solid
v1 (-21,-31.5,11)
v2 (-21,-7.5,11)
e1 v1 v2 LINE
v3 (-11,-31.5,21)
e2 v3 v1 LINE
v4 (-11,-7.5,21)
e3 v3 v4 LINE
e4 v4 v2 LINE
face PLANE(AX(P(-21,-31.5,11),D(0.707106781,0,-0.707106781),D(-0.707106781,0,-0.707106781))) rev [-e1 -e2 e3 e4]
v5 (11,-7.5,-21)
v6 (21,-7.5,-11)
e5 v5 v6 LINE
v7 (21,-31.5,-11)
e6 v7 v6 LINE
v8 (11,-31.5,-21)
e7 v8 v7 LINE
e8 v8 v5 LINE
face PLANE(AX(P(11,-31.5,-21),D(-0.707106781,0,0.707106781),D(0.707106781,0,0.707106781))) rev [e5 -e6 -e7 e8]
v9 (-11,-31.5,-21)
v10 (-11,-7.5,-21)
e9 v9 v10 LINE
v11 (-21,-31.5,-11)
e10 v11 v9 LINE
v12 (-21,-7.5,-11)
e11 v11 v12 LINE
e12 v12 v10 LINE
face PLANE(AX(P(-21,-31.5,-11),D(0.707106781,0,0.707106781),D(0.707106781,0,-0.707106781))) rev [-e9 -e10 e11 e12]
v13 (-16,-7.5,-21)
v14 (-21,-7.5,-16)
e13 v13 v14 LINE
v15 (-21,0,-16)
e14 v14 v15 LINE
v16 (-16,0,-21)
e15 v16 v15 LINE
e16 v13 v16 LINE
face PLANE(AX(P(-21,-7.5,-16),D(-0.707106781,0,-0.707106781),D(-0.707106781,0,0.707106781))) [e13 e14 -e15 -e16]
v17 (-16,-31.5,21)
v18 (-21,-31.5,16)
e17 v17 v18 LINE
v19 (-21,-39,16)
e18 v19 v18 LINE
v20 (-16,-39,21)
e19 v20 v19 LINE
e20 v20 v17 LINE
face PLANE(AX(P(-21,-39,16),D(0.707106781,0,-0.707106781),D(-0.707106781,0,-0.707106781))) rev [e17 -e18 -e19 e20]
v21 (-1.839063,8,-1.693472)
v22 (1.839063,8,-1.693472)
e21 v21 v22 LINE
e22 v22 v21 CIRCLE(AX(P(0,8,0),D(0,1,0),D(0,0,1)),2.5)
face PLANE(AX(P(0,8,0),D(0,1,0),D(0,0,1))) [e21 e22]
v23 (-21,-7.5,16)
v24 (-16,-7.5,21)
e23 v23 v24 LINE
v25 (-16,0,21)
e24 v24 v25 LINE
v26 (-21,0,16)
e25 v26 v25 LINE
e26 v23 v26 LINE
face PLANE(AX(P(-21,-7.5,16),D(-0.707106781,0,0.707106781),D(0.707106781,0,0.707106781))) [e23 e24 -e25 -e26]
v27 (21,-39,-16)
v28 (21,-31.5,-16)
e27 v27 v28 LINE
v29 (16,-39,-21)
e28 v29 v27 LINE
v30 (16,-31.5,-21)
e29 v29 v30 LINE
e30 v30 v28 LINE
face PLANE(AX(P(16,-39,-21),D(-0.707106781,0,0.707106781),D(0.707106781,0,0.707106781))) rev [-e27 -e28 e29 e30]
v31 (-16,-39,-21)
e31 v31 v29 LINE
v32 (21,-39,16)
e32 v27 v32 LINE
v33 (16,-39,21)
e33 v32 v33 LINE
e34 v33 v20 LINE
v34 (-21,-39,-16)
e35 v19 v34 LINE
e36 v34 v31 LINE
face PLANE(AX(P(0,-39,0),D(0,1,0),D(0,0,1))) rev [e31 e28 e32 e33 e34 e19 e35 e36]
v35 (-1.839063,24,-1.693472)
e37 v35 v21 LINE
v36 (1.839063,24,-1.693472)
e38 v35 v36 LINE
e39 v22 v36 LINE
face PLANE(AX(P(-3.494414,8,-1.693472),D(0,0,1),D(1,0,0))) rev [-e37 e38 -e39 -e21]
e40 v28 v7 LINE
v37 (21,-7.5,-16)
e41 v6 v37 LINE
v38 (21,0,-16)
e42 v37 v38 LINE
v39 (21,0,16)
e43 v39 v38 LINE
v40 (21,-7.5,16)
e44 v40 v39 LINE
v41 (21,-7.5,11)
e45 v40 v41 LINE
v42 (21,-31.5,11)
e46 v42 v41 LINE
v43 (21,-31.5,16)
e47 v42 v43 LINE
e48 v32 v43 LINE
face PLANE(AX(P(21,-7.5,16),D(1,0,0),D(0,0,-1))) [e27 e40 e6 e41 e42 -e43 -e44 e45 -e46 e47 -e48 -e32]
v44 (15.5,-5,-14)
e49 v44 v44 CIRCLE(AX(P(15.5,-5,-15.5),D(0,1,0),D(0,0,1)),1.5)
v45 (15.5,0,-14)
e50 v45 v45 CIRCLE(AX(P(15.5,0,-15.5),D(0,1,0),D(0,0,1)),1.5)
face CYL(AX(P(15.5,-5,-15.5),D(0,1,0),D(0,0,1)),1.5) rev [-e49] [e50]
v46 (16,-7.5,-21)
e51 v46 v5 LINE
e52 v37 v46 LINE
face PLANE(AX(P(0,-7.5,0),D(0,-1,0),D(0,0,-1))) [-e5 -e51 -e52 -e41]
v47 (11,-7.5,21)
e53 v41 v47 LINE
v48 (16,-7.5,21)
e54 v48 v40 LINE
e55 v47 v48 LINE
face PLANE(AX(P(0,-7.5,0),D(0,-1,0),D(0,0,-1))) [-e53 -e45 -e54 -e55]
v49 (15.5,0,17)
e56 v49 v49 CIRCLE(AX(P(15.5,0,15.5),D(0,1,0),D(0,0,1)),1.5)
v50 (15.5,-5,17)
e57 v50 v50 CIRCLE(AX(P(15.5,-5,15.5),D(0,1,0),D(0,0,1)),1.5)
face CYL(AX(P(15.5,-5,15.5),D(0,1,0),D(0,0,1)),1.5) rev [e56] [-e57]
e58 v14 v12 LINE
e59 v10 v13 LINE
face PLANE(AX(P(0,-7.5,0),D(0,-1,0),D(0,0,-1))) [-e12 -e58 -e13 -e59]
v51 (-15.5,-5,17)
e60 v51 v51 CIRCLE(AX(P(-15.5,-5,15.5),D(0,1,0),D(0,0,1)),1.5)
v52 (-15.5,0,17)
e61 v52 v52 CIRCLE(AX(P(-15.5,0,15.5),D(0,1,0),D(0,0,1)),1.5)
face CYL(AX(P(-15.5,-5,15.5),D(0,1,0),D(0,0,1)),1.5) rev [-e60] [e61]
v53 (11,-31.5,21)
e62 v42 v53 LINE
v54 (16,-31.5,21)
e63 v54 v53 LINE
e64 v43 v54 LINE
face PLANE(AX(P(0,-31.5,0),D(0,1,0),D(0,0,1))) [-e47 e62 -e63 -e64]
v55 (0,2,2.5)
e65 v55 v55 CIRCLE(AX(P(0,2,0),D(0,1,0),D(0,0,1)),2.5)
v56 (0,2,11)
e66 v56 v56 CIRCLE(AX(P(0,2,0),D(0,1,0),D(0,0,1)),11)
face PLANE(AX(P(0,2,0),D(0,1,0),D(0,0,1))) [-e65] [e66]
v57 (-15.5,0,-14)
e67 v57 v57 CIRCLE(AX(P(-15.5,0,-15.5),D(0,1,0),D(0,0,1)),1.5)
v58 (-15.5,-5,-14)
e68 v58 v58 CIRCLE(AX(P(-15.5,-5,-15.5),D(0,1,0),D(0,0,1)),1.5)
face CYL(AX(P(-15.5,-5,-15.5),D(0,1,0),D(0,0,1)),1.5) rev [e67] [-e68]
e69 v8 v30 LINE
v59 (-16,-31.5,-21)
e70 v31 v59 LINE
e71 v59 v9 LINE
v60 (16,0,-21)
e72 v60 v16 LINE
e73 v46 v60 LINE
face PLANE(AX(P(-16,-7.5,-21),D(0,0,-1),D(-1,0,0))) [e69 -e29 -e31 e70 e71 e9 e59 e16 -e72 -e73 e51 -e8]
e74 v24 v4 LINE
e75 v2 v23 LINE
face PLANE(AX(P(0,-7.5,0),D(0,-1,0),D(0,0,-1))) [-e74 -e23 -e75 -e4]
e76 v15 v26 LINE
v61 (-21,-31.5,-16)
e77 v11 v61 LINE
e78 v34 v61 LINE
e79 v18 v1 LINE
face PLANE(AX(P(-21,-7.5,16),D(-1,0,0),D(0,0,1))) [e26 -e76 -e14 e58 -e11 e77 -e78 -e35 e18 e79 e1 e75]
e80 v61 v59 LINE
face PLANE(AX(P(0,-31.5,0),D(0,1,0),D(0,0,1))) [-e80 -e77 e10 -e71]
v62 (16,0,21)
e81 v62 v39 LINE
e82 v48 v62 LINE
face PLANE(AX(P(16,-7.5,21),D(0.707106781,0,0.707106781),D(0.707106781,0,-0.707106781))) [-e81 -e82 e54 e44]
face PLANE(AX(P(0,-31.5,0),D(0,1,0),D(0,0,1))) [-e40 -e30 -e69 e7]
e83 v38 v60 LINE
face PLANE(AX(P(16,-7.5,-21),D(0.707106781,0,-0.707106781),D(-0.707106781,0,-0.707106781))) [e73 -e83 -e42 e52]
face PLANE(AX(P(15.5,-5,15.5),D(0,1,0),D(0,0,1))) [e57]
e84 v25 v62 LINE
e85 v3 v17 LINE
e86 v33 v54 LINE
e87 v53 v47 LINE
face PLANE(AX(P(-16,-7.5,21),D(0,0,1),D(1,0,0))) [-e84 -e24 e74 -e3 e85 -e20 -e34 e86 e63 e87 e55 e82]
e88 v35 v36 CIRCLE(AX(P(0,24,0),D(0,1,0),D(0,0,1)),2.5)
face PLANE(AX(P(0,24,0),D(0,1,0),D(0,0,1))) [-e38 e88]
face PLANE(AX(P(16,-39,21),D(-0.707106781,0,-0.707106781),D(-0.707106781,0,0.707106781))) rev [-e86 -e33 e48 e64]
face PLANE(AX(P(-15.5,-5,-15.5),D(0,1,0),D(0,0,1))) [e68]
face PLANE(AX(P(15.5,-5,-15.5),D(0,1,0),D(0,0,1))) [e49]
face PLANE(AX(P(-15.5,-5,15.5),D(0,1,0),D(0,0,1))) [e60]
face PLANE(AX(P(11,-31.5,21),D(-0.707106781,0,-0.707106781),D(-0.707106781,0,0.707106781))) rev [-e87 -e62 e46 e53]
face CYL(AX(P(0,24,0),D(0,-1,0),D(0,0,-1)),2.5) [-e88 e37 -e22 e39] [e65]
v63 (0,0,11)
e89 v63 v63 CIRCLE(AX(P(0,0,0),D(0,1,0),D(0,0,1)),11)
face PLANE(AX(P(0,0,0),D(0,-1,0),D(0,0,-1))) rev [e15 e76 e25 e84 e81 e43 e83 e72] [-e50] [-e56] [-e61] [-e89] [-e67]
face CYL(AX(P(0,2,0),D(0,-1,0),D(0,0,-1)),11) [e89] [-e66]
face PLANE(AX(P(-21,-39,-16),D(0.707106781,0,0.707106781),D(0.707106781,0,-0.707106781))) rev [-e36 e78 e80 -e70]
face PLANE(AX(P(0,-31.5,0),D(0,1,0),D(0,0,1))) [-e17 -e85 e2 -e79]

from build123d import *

# Parameters (mm, degrees)
EXTRUDE_1_DEPTH     = 7.5
EXTRUDE_2_DEPTH     = 24
EXTRUDE_3_DEPTH     = 7.5
SKETCH_4_R          = 11
EXTRUDE_4_DEPTH     = 2
SKETCH_5_R          = 2.5
EXTRUDE_5_DEPTH     = 22
SKETCH_6_W          = 7.205665958
SKETCH_6_H          = 1.954366946
CUT_EXTRUDE_1_DEPTH = 16
SKETCH_7_R          = 1.5
CUT_EXTRUDE_2_DEPTH = 5


with BuildPart() as part:
    # 草图1 → 凸台-拉伸1 (new body)
    with BuildSketch(Plane(origin=(0, 0, 0), x_dir=(1, 0, 0), z_dir=(0, 1, 0))):
        Polygon((-21, 16), (-16, 21), (16, 21), (21, 16), (21, -16), (16, -21), (-16, -21), (-21, -16), align=None)
    extrude(amount=-EXTRUDE_1_DEPTH)

    # 草图2 → 凸台-拉伸2 (add)
    with BuildSketch(Plane.XZ.offset(7.5)):
        Polygon((-21, 11), (-11, 21), (11, 21), (21, 11), (21, -11), (11, -21), (-11, -21), (-21, -11), align=None)
    extrude(amount=EXTRUDE_2_DEPTH)

    # 草图3 → 凸台-拉伸3 (add)
    with BuildSketch(Plane.XZ.offset(31.5)):
        Polygon((-21, 16), (-16, 21), (16, 21), (21, 16), (21, -16), (16, -21), (-16, -21), (-21, -16), align=None)
    extrude(amount=EXTRUDE_3_DEPTH)

    # 草图4 → 凸台-拉伸4 (add)
    with BuildSketch(Plane(origin=(0, 0, 0), x_dir=(1, 0, 0), z_dir=(0, 1, 0))):
        with Locations(Location((0, 0, 0), (0, 0, 270))):
            Circle(SKETCH_4_R)
    extrude(amount=EXTRUDE_4_DEPTH)

    # 草图5 → 凸台-拉伸5 (add)
    with BuildSketch(Plane(origin=(0, 2, 0), x_dir=(1, 0, 0), z_dir=(0, 1, 0))):
        with Locations(Location((0, 0, 0), (0, 0, 270))):
            Circle(SKETCH_5_R)
    extrude(amount=EXTRUDE_5_DEPTH)

    # 草图6 → 切除-拉伸1 (cut)
    with BuildSketch(Plane(origin=(0, 24, 0), x_dir=(1, 0, 0), z_dir=(0, 1, 0))):
        with Locations((0.108418899, 2.670655674)):
            Rectangle(SKETCH_6_W, SKETCH_6_H)
    extrude(amount=-CUT_EXTRUDE_1_DEPTH, mode=Mode.SUBTRACT)

    # 草图7 → 切除-拉伸2 (cut)
    with BuildSketch(Plane(origin=(0, 0, 0), x_dir=(1, 0, 0), z_dir=(0, 1, 0))):
        with Locations(Location((-15.5, 15.5, 0), (0, 0, 270))):
            Circle(SKETCH_7_R)
        with Locations(Location((15.5, 15.5, 0), (0, 0, 270))):
            Circle(SKETCH_7_R)
        with Locations(Location((15.5, -15.5, 0), (0, 0, 270))):
            Circle(SKETCH_7_R)
        with Locations(Location((-15.5, -15.5, 0), (0, 0, 270))):
            Circle(SKETCH_7_R)
    extrude(amount=-CUT_EXTRUDE_2_DEPTH, mode=Mode.SUBTRACT)


solid = part.part
